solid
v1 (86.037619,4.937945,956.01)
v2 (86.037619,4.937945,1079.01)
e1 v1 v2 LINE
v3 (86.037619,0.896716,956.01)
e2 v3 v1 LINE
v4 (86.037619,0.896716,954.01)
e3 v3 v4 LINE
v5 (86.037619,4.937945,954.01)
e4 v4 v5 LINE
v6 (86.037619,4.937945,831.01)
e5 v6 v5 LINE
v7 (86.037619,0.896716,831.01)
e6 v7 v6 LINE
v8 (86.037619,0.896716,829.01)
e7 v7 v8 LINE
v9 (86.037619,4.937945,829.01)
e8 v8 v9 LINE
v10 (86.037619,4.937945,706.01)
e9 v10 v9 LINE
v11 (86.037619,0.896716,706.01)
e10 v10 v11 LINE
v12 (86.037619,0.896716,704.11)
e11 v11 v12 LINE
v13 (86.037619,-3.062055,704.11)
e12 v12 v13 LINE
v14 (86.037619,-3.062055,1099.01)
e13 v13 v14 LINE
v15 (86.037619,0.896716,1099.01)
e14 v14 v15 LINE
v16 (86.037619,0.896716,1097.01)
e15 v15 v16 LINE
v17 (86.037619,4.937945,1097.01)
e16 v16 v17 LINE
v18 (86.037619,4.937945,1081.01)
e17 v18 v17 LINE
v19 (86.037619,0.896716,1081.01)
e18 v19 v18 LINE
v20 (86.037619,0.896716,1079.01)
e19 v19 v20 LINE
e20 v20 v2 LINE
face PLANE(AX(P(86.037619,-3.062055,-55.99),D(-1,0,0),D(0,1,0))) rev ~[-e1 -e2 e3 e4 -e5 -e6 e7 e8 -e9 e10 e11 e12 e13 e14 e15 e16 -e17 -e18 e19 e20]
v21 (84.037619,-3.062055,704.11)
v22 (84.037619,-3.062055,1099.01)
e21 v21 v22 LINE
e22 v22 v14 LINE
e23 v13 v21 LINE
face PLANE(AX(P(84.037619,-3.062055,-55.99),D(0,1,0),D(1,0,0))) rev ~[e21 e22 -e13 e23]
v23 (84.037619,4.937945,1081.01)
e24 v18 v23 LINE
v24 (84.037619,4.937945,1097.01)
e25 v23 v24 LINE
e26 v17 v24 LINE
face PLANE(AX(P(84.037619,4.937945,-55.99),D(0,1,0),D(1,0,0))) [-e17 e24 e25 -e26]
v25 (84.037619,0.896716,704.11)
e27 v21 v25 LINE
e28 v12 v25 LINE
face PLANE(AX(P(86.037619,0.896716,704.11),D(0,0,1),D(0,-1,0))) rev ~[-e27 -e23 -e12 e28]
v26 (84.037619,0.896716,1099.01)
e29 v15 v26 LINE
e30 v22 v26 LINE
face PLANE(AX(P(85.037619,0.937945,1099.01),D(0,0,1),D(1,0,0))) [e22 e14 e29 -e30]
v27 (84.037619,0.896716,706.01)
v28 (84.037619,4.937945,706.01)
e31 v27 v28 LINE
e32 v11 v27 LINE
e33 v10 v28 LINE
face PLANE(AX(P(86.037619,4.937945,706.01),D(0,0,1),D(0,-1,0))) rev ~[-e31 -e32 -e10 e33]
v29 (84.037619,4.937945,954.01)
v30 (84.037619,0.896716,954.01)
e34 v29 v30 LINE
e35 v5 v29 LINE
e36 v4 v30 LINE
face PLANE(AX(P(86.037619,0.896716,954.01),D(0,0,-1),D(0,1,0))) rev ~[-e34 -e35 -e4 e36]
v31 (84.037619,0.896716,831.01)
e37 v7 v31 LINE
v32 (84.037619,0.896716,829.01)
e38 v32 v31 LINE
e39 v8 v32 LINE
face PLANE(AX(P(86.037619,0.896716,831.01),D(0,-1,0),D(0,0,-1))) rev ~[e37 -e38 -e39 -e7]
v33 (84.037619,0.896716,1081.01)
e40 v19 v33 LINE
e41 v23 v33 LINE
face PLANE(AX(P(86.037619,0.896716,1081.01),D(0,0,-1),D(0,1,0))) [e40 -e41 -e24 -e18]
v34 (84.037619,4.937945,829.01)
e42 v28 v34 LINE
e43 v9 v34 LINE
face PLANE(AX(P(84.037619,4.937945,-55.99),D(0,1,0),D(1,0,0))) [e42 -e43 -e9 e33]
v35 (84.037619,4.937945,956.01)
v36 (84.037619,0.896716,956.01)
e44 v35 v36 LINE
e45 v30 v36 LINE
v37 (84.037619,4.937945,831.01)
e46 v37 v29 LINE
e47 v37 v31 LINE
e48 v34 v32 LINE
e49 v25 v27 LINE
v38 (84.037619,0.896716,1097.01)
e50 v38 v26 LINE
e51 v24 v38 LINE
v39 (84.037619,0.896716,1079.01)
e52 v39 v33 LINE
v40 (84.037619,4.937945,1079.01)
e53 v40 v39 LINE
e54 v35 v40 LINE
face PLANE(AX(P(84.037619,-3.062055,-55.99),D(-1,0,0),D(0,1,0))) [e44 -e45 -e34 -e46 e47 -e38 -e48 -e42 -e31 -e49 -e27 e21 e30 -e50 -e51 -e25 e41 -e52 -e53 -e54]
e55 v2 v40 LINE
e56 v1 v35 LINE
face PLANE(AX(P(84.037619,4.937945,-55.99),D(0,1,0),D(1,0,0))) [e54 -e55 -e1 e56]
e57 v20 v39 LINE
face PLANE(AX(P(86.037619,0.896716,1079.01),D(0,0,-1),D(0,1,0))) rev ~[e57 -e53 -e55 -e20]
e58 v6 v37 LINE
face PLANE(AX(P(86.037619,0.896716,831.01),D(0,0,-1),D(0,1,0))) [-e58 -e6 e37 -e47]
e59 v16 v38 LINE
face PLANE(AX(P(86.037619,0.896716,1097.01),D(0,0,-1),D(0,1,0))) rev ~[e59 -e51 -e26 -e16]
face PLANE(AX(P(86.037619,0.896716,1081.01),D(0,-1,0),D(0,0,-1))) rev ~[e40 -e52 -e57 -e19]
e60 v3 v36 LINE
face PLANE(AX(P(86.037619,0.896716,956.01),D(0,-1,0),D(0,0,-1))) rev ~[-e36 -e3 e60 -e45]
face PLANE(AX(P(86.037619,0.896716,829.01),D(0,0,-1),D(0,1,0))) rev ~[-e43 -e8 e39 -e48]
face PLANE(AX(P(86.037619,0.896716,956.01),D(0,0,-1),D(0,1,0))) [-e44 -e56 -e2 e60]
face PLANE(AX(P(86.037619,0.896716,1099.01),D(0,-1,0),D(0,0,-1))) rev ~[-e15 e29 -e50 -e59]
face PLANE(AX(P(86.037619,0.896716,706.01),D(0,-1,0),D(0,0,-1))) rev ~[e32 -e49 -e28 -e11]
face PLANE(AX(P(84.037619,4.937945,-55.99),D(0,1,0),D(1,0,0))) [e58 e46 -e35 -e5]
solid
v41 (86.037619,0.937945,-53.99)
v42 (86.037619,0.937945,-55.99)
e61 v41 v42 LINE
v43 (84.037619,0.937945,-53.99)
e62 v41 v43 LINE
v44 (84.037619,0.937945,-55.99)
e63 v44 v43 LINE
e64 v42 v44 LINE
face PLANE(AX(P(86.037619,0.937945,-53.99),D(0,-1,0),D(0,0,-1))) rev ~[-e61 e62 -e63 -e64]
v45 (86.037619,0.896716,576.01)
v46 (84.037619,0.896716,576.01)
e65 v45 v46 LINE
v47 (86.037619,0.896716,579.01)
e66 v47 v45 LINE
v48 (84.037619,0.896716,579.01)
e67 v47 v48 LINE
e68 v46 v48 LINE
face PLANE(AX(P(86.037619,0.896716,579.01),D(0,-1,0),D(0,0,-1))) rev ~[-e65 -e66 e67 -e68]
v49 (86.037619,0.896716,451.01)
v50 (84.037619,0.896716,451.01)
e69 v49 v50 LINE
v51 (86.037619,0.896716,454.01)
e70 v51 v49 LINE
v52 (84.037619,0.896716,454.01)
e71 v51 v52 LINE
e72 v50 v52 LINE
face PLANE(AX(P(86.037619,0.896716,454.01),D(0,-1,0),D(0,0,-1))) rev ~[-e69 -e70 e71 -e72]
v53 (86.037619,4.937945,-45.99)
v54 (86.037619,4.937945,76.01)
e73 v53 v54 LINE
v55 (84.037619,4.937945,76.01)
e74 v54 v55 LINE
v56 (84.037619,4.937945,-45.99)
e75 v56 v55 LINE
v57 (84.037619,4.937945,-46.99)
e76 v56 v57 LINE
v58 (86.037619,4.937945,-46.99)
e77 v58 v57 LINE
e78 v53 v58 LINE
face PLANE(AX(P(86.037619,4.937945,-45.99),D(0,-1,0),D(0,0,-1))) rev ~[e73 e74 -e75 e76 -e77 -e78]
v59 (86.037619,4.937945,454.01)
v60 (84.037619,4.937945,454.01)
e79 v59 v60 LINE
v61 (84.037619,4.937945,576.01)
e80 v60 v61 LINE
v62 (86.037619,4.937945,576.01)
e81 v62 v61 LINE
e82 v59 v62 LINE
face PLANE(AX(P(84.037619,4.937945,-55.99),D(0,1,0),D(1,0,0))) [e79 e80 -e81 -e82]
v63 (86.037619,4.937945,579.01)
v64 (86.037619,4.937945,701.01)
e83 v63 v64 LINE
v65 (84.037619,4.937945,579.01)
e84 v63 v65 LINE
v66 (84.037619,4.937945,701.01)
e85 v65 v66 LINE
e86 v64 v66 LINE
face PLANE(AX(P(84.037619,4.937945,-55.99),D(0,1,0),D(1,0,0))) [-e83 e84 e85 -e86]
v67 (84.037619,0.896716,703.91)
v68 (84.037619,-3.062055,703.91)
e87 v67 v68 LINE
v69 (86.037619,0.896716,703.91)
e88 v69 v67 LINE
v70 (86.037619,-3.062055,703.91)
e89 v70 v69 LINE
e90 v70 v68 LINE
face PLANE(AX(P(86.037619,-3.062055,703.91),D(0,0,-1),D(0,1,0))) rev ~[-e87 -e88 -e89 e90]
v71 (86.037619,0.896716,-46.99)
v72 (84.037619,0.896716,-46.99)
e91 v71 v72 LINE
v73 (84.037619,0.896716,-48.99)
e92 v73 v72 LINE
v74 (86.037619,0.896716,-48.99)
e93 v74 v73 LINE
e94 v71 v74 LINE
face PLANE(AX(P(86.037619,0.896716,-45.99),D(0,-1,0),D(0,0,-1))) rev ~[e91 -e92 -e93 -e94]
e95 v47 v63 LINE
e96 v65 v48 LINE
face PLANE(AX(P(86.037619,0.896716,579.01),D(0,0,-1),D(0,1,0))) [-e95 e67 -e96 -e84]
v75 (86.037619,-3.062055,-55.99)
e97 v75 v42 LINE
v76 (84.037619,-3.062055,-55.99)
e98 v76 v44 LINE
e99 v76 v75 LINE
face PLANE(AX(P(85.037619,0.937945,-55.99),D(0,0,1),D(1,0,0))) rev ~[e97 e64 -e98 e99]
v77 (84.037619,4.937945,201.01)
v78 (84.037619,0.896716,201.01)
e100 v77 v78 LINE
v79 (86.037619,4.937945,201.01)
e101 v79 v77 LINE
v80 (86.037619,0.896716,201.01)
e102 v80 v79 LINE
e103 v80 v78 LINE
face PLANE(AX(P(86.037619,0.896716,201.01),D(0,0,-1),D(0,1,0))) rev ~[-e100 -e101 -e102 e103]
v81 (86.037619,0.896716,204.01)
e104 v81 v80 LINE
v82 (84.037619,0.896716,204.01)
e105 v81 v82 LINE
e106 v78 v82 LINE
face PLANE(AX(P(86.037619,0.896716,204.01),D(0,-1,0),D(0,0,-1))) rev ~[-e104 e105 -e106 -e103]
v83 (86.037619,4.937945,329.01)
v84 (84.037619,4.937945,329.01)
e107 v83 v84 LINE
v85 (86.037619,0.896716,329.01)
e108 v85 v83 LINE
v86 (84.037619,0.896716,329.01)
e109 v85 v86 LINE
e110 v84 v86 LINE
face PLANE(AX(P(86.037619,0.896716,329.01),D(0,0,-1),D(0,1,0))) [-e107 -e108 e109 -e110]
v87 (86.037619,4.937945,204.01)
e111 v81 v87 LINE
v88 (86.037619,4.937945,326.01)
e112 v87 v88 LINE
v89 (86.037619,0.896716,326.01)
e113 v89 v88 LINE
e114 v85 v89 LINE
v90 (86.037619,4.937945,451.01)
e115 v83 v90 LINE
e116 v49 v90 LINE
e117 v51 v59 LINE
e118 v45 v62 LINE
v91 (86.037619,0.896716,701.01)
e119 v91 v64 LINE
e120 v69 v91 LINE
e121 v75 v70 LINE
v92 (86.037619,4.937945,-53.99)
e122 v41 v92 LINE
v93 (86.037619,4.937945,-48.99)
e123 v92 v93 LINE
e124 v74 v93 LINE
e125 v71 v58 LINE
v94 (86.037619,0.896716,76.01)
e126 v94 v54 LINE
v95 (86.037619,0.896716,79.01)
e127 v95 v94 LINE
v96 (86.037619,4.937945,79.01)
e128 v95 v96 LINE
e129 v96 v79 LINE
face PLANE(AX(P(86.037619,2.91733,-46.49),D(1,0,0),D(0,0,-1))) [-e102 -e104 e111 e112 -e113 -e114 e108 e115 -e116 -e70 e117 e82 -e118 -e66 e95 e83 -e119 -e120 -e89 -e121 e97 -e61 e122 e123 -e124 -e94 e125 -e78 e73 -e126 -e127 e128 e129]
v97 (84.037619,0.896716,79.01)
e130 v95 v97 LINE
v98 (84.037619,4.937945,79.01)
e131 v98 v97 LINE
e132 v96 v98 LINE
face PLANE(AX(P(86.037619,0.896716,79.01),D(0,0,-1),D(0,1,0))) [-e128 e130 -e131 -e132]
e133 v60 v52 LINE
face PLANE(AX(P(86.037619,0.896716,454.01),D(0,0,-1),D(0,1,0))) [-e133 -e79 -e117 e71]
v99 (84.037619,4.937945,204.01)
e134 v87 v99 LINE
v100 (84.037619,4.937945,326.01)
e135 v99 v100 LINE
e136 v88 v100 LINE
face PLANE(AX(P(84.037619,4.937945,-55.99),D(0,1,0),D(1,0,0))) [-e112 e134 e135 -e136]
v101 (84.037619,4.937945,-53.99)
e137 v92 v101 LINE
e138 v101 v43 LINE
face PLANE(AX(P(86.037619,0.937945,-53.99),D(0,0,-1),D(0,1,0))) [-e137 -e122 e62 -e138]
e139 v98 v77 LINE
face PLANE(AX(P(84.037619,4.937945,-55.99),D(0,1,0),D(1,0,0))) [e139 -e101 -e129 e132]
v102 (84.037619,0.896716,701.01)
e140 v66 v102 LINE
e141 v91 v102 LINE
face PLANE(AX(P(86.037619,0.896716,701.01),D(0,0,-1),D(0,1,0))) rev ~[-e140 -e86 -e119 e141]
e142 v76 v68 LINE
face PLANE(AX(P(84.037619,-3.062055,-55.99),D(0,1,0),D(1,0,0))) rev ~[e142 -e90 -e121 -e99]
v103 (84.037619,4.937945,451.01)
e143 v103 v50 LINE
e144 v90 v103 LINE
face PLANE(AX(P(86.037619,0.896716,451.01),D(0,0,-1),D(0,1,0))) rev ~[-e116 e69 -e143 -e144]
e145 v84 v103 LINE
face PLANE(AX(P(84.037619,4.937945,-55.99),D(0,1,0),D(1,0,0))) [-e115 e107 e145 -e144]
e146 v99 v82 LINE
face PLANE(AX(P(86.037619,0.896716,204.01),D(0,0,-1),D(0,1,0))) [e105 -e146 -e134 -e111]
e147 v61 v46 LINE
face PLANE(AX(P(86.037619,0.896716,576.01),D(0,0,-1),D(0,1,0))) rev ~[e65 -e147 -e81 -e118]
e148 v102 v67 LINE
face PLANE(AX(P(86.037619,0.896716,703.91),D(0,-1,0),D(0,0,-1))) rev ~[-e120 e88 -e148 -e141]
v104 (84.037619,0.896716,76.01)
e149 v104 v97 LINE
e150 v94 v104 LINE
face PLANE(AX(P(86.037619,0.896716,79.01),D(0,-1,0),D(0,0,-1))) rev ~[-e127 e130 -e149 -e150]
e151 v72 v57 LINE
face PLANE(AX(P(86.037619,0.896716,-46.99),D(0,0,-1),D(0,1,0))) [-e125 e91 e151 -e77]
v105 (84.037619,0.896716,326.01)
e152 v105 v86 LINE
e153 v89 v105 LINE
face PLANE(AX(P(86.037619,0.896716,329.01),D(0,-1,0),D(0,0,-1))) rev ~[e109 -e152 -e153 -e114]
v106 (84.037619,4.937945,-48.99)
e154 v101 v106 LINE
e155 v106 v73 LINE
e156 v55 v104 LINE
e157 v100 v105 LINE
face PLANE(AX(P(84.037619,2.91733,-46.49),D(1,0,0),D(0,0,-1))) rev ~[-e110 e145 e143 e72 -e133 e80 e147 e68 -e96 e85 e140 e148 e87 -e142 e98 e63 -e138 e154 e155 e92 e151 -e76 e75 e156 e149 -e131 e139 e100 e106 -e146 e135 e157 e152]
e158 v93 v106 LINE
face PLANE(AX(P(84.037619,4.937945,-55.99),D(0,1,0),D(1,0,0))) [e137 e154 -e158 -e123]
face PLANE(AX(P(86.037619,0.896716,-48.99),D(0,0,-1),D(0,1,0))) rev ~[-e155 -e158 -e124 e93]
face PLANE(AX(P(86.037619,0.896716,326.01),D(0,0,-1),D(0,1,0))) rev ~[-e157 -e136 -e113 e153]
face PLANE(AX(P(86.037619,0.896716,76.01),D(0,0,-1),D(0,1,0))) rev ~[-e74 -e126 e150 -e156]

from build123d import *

# Parameters (mm, degrees)
SKETCH_1_W          = 2
SKETCH_1_H          = 8
EXTRUDE_1_DEPTH     = 1155
SKETCH_2_W          = 2
SKETCH_2_H          = 4.041229023
SKETCH_2_W_2        = 3
SKETCH_2_H_2        = 4
CUT_EXTRUDE_1_DEPTH = 1100.022913046
SKETCH_3_W          = 1
SKETCH_3_H          = 4.041229023
EXTRUDE_2_DEPTH     = 2


with BuildPart() as part:
    # 草图1 → 凸台-拉伸1 (new body)
    with BuildSketch(Plane.XY.offset(-55.99)):
        with Locations((85.037619105, 0.937944836)):
            Rectangle(SKETCH_1_W, SKETCH_1_H)
    extrude(amount=EXTRUDE_1_DEPTH)

    # 草图2 → 切除-拉伸1 (cut, through all)
    with BuildSketch(Plane(origin=(86.037619105, 0, 0), x_dir=(0, 0, -1), z_dir=(1, 0, 0))):
        with Locations((-1098.01, 2.917330325)):
            Rectangle(SKETCH_2_W, SKETCH_2_H)
        with Locations((-1080.01, 2.917330325)):
            Rectangle(SKETCH_2_W, SKETCH_2_H)
        with Locations((-955.01, 2.917330325)):
            Rectangle(SKETCH_2_W, SKETCH_2_H)
        with Locations((-830.01, 2.917330325)):
            Rectangle(SKETCH_2_W, SKETCH_2_H)
        Polygon((-706.01, 0.896715813), (-704.11, 0.896715813), (-704.01, 0.896715813), (-704.01, 4.937944836), (-706.01, 4.937944836), align=None)
        Polygon((-704.01, 0.896715813), (-703.91, 0.896715813), (-701.01, 0.896715813), (-701.01, 4.937944836), (-704.01, 4.937944836), align=None)
        with Locations((-577.51, 2.917330325)):
            Rectangle(SKETCH_2_W_2, SKETCH_2_H)
        with Locations((-452.51, 2.917330325)):
            Rectangle(SKETCH_2_W_2, SKETCH_2_H)
        with Locations((-327.51, 2.917330325)):
            Rectangle(SKETCH_2_W_2, SKETCH_2_H)
        with Locations((-202.51, 2.917330325)):
            Rectangle(SKETCH_2_W_2, SKETCH_2_H)
        with Locations((-77.51, 2.917330325)):
            Rectangle(SKETCH_2_W_2, SKETCH_2_H)
        with Locations((47.49, 2.917330325)):
            Rectangle(SKETCH_2_W_2, SKETCH_2_H)
        with Locations((54.99, 2.937944836)):
            Rectangle(SKETCH_2_W, SKETCH_2_H_2)
        Polygon((-704.11, -3.062055164), (-703.91, -3.062055164), (-703.91, 0.896715813), (-704.01, 0.896715813), (-704.11, 0.896715813), align=None)
    extrude(amount=-CUT_EXTRUDE_1_DEPTH, mode=Mode.SUBTRACT)


with BuildPart() as cut_extrude_1_piece_1:
    # of the separate pieces the step leaves, piece 1, a body of its own (cut_extrude_1_pieces)
    add(part.part.solids().sort_by_distance((86.037619105, -3.062055164, -55.99))[0])

    # 草图3 → 凸台-拉伸2 (add)
    with BuildSketch(Plane(origin=(86.037619105, 0, 0), x_dir=(0, 0, -1), z_dir=(1, 0, 0))):
        with Locations((46.49, 2.917330325)):
            Rectangle(SKETCH_3_W, SKETCH_3_H)
    extrude(amount=-EXTRUDE_2_DEPTH)


with BuildPart() as cut_extrude_1_piece_2:
    # of the separate pieces the step leaves, piece 2, a body of its own (cut_extrude_1_pieces)
    add(part.part.solids().sort_by_distance((86.037619105, -3.062055164, 704.11))[0])


solid = Compound([cut_extrude_1_piece_1.part, cut_extrude_1_piece_2.part])
